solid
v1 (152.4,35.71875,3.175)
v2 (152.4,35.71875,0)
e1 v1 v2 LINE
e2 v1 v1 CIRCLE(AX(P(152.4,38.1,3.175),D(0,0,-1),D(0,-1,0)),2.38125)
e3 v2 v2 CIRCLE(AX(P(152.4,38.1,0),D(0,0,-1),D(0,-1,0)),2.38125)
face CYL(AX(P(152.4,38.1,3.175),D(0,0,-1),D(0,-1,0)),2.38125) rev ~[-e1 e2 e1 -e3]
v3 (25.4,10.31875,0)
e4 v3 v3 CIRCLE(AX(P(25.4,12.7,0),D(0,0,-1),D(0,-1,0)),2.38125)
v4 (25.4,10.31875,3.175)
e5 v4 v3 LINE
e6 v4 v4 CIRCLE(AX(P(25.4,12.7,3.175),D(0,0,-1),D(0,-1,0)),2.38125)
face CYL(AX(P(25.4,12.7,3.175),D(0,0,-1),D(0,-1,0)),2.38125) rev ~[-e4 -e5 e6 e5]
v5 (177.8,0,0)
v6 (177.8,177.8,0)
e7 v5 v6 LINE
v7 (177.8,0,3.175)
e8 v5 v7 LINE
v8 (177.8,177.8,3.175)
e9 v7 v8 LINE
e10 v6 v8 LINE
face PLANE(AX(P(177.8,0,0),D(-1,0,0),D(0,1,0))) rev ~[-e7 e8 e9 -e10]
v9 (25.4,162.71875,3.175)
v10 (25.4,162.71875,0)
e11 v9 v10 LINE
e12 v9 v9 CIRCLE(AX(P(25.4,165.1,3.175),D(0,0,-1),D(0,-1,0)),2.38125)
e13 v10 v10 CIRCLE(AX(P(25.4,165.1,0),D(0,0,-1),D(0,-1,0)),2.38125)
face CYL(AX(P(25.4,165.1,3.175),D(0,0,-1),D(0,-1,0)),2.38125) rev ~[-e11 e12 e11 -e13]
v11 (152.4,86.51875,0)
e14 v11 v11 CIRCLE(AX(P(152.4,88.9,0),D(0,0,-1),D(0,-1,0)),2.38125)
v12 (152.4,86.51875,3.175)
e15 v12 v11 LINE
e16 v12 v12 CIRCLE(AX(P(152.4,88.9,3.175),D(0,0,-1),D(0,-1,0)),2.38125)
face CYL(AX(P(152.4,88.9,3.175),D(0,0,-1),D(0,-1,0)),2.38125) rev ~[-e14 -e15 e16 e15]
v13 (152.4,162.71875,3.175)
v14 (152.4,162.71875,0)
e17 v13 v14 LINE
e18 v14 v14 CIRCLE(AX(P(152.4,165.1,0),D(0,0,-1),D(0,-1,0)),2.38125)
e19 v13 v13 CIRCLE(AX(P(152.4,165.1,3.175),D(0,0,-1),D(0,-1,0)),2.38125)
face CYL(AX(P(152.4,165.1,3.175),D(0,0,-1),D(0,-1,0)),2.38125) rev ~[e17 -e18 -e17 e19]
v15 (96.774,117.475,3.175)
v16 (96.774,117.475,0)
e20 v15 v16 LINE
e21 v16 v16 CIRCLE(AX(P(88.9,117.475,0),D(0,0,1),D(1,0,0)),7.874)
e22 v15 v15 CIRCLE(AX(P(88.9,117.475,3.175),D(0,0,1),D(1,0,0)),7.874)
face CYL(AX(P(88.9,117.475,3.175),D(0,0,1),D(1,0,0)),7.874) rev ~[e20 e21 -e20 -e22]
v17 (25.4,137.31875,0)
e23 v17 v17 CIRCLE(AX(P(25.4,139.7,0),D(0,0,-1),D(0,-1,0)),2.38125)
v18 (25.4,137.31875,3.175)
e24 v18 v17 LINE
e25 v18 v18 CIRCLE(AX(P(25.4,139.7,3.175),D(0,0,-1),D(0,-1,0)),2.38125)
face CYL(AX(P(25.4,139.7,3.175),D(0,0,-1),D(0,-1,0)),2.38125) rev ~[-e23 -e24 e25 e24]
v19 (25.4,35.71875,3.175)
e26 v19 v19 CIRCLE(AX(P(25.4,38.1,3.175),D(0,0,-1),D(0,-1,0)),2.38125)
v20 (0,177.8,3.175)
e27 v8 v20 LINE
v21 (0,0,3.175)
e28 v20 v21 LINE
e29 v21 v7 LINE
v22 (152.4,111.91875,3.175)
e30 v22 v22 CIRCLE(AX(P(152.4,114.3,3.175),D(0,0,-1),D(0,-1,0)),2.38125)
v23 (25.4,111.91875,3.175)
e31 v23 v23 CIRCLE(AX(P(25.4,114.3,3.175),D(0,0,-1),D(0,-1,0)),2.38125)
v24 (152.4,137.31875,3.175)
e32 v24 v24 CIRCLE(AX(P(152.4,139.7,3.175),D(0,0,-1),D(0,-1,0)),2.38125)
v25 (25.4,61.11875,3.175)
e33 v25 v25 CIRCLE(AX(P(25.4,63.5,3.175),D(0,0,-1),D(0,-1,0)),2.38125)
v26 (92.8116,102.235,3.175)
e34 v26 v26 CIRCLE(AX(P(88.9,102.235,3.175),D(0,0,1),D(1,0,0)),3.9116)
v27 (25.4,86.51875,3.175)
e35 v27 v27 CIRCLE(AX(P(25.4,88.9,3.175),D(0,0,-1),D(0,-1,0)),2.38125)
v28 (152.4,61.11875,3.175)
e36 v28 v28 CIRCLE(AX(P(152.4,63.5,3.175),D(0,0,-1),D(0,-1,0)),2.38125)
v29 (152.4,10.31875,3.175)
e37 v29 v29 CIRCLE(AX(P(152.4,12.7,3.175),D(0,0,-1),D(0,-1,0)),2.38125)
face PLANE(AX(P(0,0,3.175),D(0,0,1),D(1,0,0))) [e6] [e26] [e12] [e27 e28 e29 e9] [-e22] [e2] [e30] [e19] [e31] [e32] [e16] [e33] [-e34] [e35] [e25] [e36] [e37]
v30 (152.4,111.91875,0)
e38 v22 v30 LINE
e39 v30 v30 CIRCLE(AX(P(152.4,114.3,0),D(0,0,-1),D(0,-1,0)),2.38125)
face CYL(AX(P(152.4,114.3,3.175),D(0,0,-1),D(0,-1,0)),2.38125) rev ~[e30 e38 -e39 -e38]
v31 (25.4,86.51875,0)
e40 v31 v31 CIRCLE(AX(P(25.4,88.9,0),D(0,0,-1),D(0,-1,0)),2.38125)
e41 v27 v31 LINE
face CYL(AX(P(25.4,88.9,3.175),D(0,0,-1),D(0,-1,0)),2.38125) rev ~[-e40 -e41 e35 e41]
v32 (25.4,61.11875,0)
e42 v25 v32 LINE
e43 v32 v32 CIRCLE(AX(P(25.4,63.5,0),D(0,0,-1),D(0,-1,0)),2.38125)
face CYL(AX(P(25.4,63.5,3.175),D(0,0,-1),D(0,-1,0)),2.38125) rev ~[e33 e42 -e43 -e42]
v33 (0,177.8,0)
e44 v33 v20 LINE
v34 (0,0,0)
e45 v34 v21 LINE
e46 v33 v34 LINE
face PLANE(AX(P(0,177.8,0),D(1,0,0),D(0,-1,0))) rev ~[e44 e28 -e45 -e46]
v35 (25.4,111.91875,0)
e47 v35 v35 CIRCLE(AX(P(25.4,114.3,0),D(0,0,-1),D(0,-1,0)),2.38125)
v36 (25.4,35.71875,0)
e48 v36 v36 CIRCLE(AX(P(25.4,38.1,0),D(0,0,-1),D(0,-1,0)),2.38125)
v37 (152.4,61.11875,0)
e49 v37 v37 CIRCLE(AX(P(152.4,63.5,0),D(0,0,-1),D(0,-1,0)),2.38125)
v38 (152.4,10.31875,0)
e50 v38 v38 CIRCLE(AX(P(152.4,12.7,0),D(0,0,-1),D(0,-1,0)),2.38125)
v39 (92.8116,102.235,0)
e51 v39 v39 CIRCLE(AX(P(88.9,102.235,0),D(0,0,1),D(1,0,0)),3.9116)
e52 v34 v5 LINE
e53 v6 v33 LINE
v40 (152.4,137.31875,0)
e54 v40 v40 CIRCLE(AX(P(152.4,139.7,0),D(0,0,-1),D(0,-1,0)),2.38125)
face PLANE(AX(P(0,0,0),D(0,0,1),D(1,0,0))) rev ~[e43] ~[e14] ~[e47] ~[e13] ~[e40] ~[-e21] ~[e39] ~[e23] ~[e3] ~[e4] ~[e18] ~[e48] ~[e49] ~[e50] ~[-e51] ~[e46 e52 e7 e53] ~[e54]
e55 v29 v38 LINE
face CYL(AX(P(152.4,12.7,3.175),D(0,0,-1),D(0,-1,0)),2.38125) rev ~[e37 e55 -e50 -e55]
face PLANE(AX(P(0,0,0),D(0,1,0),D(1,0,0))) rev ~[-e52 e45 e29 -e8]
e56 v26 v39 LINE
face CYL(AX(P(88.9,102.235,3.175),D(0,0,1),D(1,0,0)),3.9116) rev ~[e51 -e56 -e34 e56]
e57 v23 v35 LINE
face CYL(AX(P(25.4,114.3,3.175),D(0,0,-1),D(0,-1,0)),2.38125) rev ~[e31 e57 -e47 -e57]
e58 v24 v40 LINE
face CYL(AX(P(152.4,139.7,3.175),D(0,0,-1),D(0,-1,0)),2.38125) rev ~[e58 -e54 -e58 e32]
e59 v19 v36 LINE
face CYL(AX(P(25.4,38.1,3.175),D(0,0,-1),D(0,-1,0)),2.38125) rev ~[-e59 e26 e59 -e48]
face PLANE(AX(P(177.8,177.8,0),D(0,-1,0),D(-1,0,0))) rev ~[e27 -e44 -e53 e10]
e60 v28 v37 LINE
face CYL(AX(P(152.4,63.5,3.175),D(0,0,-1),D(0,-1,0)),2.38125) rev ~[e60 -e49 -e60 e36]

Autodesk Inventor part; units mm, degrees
ref_plane "YZ Plane" through (0, 0, 0) normal (1, 0, 0) x (0, 1, 0)
ref_plane "XZ Plane" through (0, 0, 0) normal (0, 1, 0) x (-1, 0, 0)
ref_plane "XY Plane" through (0, 0, 0) normal (0, 0, 1) x (1, 0, 0)
sketch "Sketch1" plane through (0, 0, 0) normal (0, 0, 1) x (1, 0, 0)
  line L0 (0, 0) -> (177.8, 0)
  line L1 (177.8, 0) -> (177.8, 177.8)
  line L2 (177.8, 177.8) -> (0, 177.8)
  line L3 (0, 177.8) -> (0, 0)
  dimension "d0" = 177.8
  dimension "d1" = 177.8
extrude "Extrusion1" add sketch "Sketch1" along normal blind 3.175
sketch "Sketch2" plane through (0, 0, 3.175) normal (0, 0, 1) x (1, 0, 0)
  line L0 (0, 0) -> (177.8, 0) projected
  line L1 (177.8, 0) -> (177.8, 177.8) projected
  line L2 (177.8, 177.8) -> (0, 177.8) construction
  line L3 (0, 177.8) -> (0, 0) projected
  line L4 (177.8, 177.8) -> (0, 177.8) construction
  line L5 (88.9, 177.8) -> (76.2, 177.8) construction
  line L6 (88.9, 177.8) -> (101.6, 177.8) construction
  line L7 (76.2, 177.8) -> (76.2, 127) construction
  line L8 (76.2, 127) -> (101.6, 127) construction
  line L9 (101.6, 177.8) -> (101.6, 127) construction
  line L10 (88.9, 127) -> (88.9, 107.95) construction
  circle A0 centre (88.9, 117.475) radius 9.525 construction
  circle A1 centre (88.9, 117.475) radius 7.874
  dimension "d4" = 12.7
  dimension "d5" = 12.7
  dimension "d6" = 50.8
  dimension "d7" = 19.05
  dimension "d8" = 15.748
extrude "Extrusion2" cut sketch "Sketch2" against normal through all
sketch "Sketch3" plane through (0, 0, 3.175) normal (0, 0, 1) x (1, 0, 0)
  circle A0 centre (88.9, 117.475) radius 7.874 projected
  line L0 (0, 0) -> (177.8, 0) projected
  line L1 (177.8, 0) -> (177.8, 177.8) projected
  line L2 (177.8, 177.8) -> (0, 177.8) projected
  line L3 (0, 177.8) -> (0, 0) projected
  circle A1 centre (88.9, 117.475) radius 10.16 construction
  line L4 (88.9, 117.475) -> (88.9, 107.315) construction
  line L5 (88.9, 107.315) -> (88.9, 102.235) construction
  circle A2 centre (88.9, 102.235) radius 3.9116
  dimension "d11" = 20.32
  dimension "d12" = 5.08
  dimension "d13" = 7.8232
extrude "Extrusion3" cut sketch "Sketch3" against normal through all contours A2
sketch "Sketch4" plane through (0, 0, 3.175) normal (0, 0, 1) x (1, 0, 0)
  circle A0 centre (88.9, 102.235) radius 3.9116 projected
  circle A1 centre (88.9, 117.475) radius 7.874 projected
  line L0 (0, 0) -> (177.8, 0) projected
  line L1 (177.8, 0) -> (177.8, 177.8) projected
  line L2 (177.8, 177.8) -> (0, 177.8) construction
  line L3 (0, 177.8) -> (0, 0) projected
  line L4 (0, 177.8) -> (25.4, 177.8) construction
  line L5 (177.8, 177.8) -> (0, 177.8) construction
  line L6 (177.8, 177.8) -> (152.4, 177.8) construction
  line L7 (25.4, 177.8) -> (25.4, 152.4) construction
  line L8 (152.4, 177.8) -> (152.4, 152.4) construction
  circle A2 centre (25.4, 152.4) radius 2.3812
  circle A3 centre (152.4, 152.4) radius 2.3813
  line L9 (0, 165.1) -> (25.4, 165.1) construction
  line L10 (177.8, 165.1) -> (152.4, 165.1) construction
  line L11 (25.4, 165.1) -> (25.4, 139.7) construction
  line L12 (152.4, 165.1) -> (152.4, 139.7) construction
  circle A4 centre (25.4, 139.7) radius 2.3812
  line L13 (0, 152.4) -> (25.4, 152.4) construction
  line L14 (177.8, 152.4) -> (152.4, 152.4) construction
  line L15 (25.4, 152.4) -> (25.4, 127) construction
  line L16 (152.4, 152.4) -> (152.4, 127) construction
  circle A5 centre (25.4, 127) radius 2.3812
  line L17 (0, 139.7) -> (25.4, 139.7) construction
  line L18 (177.8, 139.7) -> (152.4, 139.7) construction
  line L19 (25.4, 139.7) -> (25.4, 114.3) construction
  line L20 (152.4, 139.7) -> (152.4, 114.3) construction
  circle A6 centre (25.4, 114.3) radius 2.3812
  line L21 (0, 127) -> (25.4, 127) construction
  line L22 (177.8, 127) -> (152.4, 127) construction
  line L23 (25.4, 127) -> (25.4, 101.6) construction
  line L24 (152.4, 127) -> (152.4, 101.6) construction
  circle A7 centre (25.4, 101.6) radius 2.3812
  line L25 (0, 114.3) -> (25.4, 114.3) construction
  line L26 (177.8, 114.3) -> (152.4, 114.3) construction
  line L27 (25.4, 114.3) -> (25.4, 88.9) construction
  line L28 (152.4, 114.3) -> (152.4, 88.9) construction
  circle A8 centre (25.4, 88.9) radius 2.3812
  line L29 (0, 101.6) -> (25.4, 101.6) construction
  line L30 (177.8, 101.6) -> (152.4, 101.6) construction
  line L31 (25.4, 101.6) -> (25.4, 76.2) construction
  line L32 (152.4, 101.6) -> (152.4, 76.2) construction
  circle A9 centre (25.4, 76.2) radius 2.3812
  line L33 (0, 88.9) -> (25.4, 88.9) construction
  line L34 (177.8, 88.9) -> (152.4, 88.9) construction
  line L35 (25.4, 88.9) -> (25.4, 63.5) construction
  line L36 (152.4, 88.9) -> (152.4, 63.5) construction
  circle A10 centre (25.4, 63.5) radius 2.3812
  line L37 (0, 76.2) -> (25.4, 76.2) construction
  line L38 (177.8, 76.2) -> (152.4, 76.2) construction
  line L39 (25.4, 76.2) -> (25.4, 50.8) construction
  line L40 (152.4, 76.2) -> (152.4, 50.8) construction
  circle A11 centre (25.4, 50.8) radius 2.3812
  line L41 (0, 63.5) -> (25.4, 63.5) construction
  line L42 (177.8, 63.5) -> (152.4, 63.5) construction
  line L43 (25.4, 63.5) -> (25.4, 38.1) construction
  line L44 (152.4, 63.5) -> (152.4, 38.1) construction
  circle A12 centre (25.4, 38.1) radius 2.3812
  line L45 (0, 50.8) -> (25.4, 50.8) construction
  line L46 (177.8, 50.8) -> (152.4, 50.8) construction
  line L47 (25.4, 50.8) -> (25.4, 25.4) construction
  line L48 (152.4, 50.8) -> (152.4, 25.4) construction
  circle A13 centre (25.4, 25.4) radius 2.3812
  line L49 (0, 38.1) -> (25.4, 38.1) construction
  line L50 (177.8, 38.1) -> (152.4, 38.1) construction
  line L51 (25.4, 38.1) -> (25.4, 12.7) construction
  line L52 (152.4, 38.1) -> (152.4, 12.7) construction
  circle A14 centre (25.4, 12.7) radius 2.3812
  circle A15 centre (152.4, 139.7) radius 2.3813
  circle A16 centre (152.4, 127) radius 2.3813
  circle A17 centre (152.4, 114.3) radius 2.3813
  circle A18 centre (152.4, 101.6) radius 2.3813
  circle A19 centre (152.4, 88.9) radius 2.3813
  circle A20 centre (152.4, 76.2) radius 2.3813
  circle A21 centre (152.4, 63.5) radius 2.3813
  circle A22 centre (152.4, 50.8) radius 2.3813
  circle A23 centre (152.4, 38.1) radius 2.3813
  circle A24 centre (152.4, 25.4) radius 2.3813
  circle A25 centre (152.4, 12.7) radius 2.3813
  circle A26 centre (25.4, 165.1) radius 2.3813
  circle A27 centre (152.4, 165.1) radius 2.3812
  dimension "d16" = 25.4
  dimension "d17" = 25.4
  dimension "d18" = 25.4
  dimension "d19" = 25.4
  dimension "d20" = 4.7625
  dimension "d21" = 4.7625
  dimension "d24" = 12.7
  dimension "d31" = 12.7
  dimension "d47" = 4.7625
  dimension "d48" = 4.7625
sketch "Sketch5" plane through (0, 0, 3.175) normal (0, 0, 1) x (1, 0, 0)
  circle A0 centre (88.9, 102.235) radius 3.9116 construction
  circle A1 centre (88.9, 117.475) radius 7.874 construction
  line L0 (0, 0) -> (177.8, 0) construction
  line L1 (177.8, 0) -> (177.8, 177.8) construction
  line L2 (177.8, 177.8) -> (0, 177.8) construction
  line L3 (0, 177.8) -> (0, 0) construction
  line L4 (177.8, 177.8) -> (0, 177.8) construction
  line L5 (88.9, 177.8) -> (76.2, 177.8) construction
  line L6 (88.9, 177.8) -> (101.6, 177.8) construction
  line L7 (76.2, 177.8) -> (25.4, 177.8)
  line L8 (101.6, 177.8) -> (152.4, 177.8)
  dimension "d43" = 12.7
  dimension "d44" = 12.7
  dimension "d45" = 50.8
  dimension "d46" = 50.8
hole "Hole2" at (25.4, 165.1, 3.175) at (152.4, 165.1, 3.175) at (25.4, 139.7, 3.175) at (25.4, 114.3, 3.175) at (25.4, 88.9, 3.175) at (25.4, 63.5, 3.175) at (25.4, 38.1, 3.175) at (25.4, 12.7, 3.175) at (152.4, 139.7, 3.175) at (152.4, 114.3, 3.175) at (152.4, 88.9, 3.175) at (152.4, 63.5, 3.175) at (152.4, 38.1, 3.175) at (152.4, 12.7, 3.175) direction (0, 0, -1) diameter 4.7625 end through all
properties part number "ClawPlate"
